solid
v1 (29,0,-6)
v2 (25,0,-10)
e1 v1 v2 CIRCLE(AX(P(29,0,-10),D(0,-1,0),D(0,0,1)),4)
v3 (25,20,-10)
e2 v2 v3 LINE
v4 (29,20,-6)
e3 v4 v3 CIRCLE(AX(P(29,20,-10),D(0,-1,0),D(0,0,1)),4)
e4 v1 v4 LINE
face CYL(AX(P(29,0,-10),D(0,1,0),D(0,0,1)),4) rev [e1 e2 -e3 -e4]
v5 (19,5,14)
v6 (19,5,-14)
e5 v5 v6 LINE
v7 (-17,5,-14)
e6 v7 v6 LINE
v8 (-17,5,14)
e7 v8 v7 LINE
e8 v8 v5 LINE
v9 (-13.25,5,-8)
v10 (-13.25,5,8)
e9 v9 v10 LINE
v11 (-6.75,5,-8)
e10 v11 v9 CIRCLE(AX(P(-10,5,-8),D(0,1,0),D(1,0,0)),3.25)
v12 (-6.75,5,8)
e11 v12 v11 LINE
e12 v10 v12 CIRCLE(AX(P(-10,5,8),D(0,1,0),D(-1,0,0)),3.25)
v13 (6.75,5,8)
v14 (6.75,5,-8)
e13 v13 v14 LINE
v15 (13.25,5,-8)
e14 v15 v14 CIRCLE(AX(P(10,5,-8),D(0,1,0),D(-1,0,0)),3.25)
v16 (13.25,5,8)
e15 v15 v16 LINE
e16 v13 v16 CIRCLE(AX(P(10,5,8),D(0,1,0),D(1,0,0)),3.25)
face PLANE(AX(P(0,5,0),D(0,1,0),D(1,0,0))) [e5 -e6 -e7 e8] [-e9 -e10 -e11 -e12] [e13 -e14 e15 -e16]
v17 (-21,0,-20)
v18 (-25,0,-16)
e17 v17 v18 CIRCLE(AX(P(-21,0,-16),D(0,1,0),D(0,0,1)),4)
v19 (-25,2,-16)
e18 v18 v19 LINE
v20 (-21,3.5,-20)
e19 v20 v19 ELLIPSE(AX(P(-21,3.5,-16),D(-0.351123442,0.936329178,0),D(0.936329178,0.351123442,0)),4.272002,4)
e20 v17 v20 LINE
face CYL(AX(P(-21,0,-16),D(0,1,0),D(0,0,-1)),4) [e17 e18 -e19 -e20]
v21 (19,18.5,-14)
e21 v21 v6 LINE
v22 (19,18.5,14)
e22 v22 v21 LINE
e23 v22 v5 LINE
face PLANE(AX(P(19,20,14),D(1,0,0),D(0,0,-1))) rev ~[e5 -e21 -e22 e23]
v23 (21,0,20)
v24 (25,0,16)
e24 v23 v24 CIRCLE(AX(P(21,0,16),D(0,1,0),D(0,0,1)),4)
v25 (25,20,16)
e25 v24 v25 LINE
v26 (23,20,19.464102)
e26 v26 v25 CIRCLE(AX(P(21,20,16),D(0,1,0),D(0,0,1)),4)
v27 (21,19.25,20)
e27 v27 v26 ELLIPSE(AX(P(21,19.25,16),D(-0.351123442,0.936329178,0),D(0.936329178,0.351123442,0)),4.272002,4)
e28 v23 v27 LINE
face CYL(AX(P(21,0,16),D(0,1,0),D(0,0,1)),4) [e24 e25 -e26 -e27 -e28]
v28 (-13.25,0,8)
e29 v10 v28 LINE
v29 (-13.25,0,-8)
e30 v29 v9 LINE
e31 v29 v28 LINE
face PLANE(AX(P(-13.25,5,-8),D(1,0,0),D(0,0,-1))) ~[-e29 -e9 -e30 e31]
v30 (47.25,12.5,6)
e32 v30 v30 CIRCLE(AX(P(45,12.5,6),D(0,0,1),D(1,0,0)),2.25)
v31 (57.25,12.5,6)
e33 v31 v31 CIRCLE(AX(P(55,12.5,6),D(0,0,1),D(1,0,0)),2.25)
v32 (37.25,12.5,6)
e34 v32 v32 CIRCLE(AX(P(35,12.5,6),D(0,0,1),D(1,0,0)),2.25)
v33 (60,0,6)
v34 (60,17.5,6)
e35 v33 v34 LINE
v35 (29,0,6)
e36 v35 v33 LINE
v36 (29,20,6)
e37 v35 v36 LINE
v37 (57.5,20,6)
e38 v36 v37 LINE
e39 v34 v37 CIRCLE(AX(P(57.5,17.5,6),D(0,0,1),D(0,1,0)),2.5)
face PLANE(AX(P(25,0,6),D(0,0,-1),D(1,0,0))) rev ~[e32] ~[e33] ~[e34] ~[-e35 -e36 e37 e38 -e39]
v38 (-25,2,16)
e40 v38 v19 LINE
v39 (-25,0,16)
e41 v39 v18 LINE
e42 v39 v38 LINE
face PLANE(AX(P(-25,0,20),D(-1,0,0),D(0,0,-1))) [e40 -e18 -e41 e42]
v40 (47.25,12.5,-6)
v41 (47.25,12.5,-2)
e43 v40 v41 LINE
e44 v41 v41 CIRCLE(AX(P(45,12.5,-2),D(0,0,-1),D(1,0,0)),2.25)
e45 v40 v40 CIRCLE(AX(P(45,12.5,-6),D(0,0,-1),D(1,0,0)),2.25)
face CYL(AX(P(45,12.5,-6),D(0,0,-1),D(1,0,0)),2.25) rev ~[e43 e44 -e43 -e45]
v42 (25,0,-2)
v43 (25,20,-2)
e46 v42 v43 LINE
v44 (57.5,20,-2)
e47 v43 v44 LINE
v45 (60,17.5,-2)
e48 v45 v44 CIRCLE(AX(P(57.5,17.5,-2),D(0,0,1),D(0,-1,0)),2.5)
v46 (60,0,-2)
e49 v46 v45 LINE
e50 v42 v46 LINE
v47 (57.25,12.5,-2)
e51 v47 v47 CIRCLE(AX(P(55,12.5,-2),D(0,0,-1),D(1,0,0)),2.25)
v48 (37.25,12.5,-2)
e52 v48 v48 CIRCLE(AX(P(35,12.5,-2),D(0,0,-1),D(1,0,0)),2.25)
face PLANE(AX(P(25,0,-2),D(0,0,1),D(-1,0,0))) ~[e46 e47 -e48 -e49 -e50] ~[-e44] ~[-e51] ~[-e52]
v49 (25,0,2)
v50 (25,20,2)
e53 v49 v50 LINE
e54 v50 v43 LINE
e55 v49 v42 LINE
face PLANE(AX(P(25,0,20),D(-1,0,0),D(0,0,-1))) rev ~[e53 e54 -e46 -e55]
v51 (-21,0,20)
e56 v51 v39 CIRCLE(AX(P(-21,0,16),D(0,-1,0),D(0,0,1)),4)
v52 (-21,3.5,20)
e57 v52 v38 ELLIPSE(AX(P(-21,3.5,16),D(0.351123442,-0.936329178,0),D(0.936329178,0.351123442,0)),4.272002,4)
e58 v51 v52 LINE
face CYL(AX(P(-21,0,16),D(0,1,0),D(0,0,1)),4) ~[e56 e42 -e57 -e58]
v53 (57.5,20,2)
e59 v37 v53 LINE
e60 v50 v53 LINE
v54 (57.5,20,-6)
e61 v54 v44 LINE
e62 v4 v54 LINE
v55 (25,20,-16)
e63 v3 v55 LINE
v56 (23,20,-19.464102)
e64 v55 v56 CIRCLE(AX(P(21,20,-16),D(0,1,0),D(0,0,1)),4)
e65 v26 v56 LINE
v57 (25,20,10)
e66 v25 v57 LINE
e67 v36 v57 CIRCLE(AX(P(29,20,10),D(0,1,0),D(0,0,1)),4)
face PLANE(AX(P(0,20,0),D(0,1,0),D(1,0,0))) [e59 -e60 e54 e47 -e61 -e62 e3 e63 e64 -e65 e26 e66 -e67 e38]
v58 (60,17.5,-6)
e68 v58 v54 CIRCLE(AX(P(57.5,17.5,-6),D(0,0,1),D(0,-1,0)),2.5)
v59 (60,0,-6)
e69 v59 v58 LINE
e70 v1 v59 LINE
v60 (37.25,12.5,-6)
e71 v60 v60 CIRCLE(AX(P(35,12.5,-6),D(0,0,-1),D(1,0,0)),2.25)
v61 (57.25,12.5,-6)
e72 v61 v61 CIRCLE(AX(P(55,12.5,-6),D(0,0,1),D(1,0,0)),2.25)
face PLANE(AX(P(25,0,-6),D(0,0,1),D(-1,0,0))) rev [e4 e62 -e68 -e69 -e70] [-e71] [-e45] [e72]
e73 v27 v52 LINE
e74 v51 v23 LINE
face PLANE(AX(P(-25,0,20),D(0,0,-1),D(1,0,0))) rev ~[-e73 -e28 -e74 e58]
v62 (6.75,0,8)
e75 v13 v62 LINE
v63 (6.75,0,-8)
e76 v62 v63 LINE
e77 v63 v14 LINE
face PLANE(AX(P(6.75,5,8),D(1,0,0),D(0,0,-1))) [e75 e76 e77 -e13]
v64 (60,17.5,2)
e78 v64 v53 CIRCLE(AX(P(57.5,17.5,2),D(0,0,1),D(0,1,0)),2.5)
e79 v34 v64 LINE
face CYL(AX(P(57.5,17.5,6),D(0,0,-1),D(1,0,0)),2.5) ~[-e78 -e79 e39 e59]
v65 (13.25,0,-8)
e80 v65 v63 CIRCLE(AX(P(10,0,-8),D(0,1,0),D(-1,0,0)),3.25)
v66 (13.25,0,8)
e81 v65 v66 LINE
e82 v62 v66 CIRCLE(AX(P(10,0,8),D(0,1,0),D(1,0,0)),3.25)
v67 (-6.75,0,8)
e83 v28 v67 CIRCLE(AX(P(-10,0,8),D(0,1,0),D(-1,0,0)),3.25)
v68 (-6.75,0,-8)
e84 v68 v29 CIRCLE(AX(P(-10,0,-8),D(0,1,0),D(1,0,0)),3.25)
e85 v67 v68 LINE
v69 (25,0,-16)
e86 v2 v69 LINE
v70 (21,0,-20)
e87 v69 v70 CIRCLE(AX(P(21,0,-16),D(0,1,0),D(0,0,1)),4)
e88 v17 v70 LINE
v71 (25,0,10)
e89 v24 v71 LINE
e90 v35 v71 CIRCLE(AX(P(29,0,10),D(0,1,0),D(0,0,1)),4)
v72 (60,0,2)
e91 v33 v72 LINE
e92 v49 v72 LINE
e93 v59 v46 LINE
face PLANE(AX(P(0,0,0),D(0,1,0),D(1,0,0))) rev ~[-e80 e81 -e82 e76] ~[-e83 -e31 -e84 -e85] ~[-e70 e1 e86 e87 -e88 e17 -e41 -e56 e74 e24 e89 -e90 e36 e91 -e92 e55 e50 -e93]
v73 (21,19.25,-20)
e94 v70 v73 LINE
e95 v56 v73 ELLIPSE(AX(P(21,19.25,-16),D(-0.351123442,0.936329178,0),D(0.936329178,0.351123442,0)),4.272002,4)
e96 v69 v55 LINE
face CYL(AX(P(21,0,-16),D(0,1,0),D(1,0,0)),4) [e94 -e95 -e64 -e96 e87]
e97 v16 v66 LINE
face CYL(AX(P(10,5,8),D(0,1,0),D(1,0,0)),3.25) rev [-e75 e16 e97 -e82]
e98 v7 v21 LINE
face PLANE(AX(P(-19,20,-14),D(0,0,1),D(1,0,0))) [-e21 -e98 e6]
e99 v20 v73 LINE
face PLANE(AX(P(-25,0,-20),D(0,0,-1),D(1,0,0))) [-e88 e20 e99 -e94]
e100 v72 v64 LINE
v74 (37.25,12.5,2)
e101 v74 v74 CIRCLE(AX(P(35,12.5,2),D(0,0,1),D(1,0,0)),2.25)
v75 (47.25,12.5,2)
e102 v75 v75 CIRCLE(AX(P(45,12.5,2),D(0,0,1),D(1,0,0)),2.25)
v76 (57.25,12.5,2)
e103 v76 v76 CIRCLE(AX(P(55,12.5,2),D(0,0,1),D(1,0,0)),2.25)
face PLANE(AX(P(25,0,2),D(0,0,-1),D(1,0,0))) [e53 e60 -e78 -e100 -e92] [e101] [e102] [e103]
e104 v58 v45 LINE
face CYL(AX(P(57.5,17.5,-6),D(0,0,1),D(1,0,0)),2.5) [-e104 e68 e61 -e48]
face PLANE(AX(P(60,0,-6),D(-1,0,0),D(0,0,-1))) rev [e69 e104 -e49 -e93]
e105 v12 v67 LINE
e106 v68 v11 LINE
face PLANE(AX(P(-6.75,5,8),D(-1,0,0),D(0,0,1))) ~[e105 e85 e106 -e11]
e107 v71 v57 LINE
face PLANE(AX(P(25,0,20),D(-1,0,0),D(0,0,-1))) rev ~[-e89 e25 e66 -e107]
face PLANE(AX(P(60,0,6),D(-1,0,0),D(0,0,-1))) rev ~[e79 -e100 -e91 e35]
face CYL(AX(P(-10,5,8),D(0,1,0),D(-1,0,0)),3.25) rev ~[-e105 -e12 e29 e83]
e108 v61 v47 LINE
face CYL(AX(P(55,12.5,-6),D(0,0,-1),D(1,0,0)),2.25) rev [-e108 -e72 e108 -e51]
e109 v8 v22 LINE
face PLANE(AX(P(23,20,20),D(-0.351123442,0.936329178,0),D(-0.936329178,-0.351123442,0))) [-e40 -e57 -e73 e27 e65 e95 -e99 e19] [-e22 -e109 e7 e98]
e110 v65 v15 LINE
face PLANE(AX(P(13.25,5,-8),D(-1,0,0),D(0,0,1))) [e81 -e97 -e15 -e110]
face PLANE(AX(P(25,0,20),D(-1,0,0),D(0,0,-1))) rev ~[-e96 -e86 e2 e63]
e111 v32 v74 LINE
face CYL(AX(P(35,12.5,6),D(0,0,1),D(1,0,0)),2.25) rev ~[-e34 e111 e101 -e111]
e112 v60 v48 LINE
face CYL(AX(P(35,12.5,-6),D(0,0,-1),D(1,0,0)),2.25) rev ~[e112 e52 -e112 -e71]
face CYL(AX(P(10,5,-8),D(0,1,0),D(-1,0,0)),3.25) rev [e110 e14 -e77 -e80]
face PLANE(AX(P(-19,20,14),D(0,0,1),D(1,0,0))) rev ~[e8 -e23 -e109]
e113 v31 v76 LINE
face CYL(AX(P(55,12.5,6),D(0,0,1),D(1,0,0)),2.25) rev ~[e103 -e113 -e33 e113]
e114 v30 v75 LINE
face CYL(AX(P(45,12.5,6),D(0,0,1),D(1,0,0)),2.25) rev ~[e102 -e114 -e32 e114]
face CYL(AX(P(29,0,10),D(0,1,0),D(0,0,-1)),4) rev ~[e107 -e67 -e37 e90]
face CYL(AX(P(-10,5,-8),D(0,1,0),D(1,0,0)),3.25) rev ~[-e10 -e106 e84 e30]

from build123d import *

# Parameters (mm, degrees)
SKETCH1_W               = 50
SKETCH1_H               = 40
BOSS_EXTRUDE1_DEPTH     = 20
BOSS_EXTRUDE2_START     = -20
SKETCH3_W               = 35
SKETCH3_H               = 4
BOSS_EXTRUDE2_DEPTH     = 20
SKETCH4_R               = 2.25
CUT_EXTRUDE1_DEPTH      = 5
LPATTERN1_COUNT         = 3
LPATTERN1_PITCH         = 10
MIRROR1_COPY_1_SKETCH_R = 2.25
MIRROR1_COPY_1_DEPTH    = 5
MIRROR1_COPY_2_SKETCH_R = 2.25
MIRROR1_COPY_2_DEPTH    = 5
CUT_EXTRUDE2_DEPTH      = 75.833147735
CUT_EXTRUDE2_DEPTH_BACK = 75.833147735
SKETCH6_W               = 38
SKETCH6_H               = 28
CUT_EXTRUDE3_DEPTH      = 15
CUT_EXTRUDE4_DEPTH      = 66
FILLET1_R               = 2.5
FILLET2_R               = 4
FILLET3_R               = 4


with BuildPart() as part:
    # Sketch1 → Boss-Extrude1 (new body)
    with BuildSketch(Plane(origin=(0, 0, 0), x_dir=(1, 0, 0), z_dir=(0, 1, 0))):
        Rectangle(SKETCH1_W, SKETCH1_H)
    extrude(amount=BOSS_EXTRUDE1_DEPTH)

    # Sketch3 → Boss-Extrude2 (add)
    with BuildSketch(Plane(origin=(0, 20, 0), x_dir=(1, 0, 0), z_dir=(0, 1, 0)).offset(BOSS_EXTRUDE2_START)):
        with Locations((42.5, -4)):
            Rectangle(SKETCH3_W, SKETCH3_H)
    boss_extrude2 = extrude(amount=BOSS_EXTRUDE2_DEPTH)

    # Sketch4 → Cut-Extrude1 (cut)
    with BuildSketch(Plane.XY.offset(6)):
        with Locations((55, 12.5)):
            Circle(SKETCH4_R)
    cut_extrude1 = extrude(amount=-CUT_EXTRUDE1_DEPTH, mode=Mode.SUBTRACT)

    # LPattern1: Cut-Extrude1 ×3
    with Locations(*[(-i * LPATTERN1_PITCH, 0, 0) for i in range(1, LPATTERN1_COUNT)]):
        add(cut_extrude1, mode=Mode.SUBTRACT)

    # Mirror1: Boss-Extrude2, Cut-Extrude1 across plane
    add(boss_extrude2.mirror(Plane.XY))
    add(cut_extrude1.mirror(Plane.XY), mode=Mode.SUBTRACT)

    # Mirror1 copy 1 sketch → Mirror1 copy 1 (cut)
    with BuildSketch(Plane(origin=(-10, 0, -6), x_dir=(1, 0, 0), z_dir=(0, 0, -1))):
        with Locations((55, -12.5)):
            Circle(MIRROR1_COPY_1_SKETCH_R)
    extrude(amount=-MIRROR1_COPY_1_DEPTH, mode=Mode.SUBTRACT)

    # Mirror1 copy 2 sketch → Mirror1 copy 2 (cut)
    with BuildSketch(Plane(origin=(-20, 0, -6), x_dir=(1, 0, 0), z_dir=(0, 0, -1))):
        with Locations((55, -12.5)):
            Circle(MIRROR1_COPY_2_SKETCH_R)
    extrude(amount=-MIRROR1_COPY_2_DEPTH, mode=Mode.SUBTRACT)

    # Sketch5 → Cut-Extrude2 (cut, two sides)
    with BuildSketch(Plane.XY.offset(20)) as cut_extrude2_sk:
        Polygon((23, 20), (-25, 2), (-25, 20), align=None)
    extrude(amount=CUT_EXTRUDE2_DEPTH, mode=Mode.SUBTRACT)
    extrude(cut_extrude2_sk.sketch, amount=-CUT_EXTRUDE2_DEPTH_BACK, mode=Mode.SUBTRACT)

    # Sketch6 → Cut-Extrude3 (cut)
    with BuildSketch(Plane(origin=(0, 20, 0), x_dir=(1, 0, 0), z_dir=(0, 1, 0))):
        Rectangle(SKETCH6_W, SKETCH6_H)
    extrude(amount=-CUT_EXTRUDE3_DEPTH, mode=Mode.SUBTRACT)

    # Sketch7 → Cut-Extrude4 (cut, symmetric)
    with BuildSketch(Plane(origin=(0, 5, 0), x_dir=(1, 0, 0), z_dir=(0, 1, 0))):
        with BuildLine():
            Line((13.25, 8), (13.25, -8))
            ThreePointArc((13.25, -8), (10, -11.25), (6.75, -8))
            Line((6.75, -8), (6.75, 8))
            ThreePointArc((6.75, 8), (10, 11.25), (13.25, 8))
        make_face()
    cut_extrude4 = extrude(amount=CUT_EXTRUDE4_DEPTH, both=True, mode=Mode.SUBTRACT)

    # Mirror2: Cut-Extrude4 across plane
    add(cut_extrude4.mirror(Plane(origin=(0, 0, 0), x_dir=(0, 0, 1), z_dir=(1, 0, 0))), mode=Mode.SUBTRACT)

    # Fillet1
    fillet1_edges = [part.edges().sort_by_distance(p)[0] for p in [
        (60, 20, 4),
        (60, 20, -4),
    ]]
    fillet(fillet1_edges, radius=FILLET1_R)

    # Fillet2
    fillet2_edges = [part.edges().sort_by_distance(p)[0] for p in [
        (25, 10, 6),
        (25, 10, -6),
    ]]
    fillet(fillet2_edges, radius=FILLET2_R)

    # Fillet3
    fillet3_edges = [part.edges().sort_by_distance(p)[0] for p in [
        (-25, 1, -20),
        (-25, 1, 20),
        (25, 10, -20),
        (25, 10, 20),
    ]]
    fillet(fillet3_edges, radius=FILLET3_R)


solid = part.part
